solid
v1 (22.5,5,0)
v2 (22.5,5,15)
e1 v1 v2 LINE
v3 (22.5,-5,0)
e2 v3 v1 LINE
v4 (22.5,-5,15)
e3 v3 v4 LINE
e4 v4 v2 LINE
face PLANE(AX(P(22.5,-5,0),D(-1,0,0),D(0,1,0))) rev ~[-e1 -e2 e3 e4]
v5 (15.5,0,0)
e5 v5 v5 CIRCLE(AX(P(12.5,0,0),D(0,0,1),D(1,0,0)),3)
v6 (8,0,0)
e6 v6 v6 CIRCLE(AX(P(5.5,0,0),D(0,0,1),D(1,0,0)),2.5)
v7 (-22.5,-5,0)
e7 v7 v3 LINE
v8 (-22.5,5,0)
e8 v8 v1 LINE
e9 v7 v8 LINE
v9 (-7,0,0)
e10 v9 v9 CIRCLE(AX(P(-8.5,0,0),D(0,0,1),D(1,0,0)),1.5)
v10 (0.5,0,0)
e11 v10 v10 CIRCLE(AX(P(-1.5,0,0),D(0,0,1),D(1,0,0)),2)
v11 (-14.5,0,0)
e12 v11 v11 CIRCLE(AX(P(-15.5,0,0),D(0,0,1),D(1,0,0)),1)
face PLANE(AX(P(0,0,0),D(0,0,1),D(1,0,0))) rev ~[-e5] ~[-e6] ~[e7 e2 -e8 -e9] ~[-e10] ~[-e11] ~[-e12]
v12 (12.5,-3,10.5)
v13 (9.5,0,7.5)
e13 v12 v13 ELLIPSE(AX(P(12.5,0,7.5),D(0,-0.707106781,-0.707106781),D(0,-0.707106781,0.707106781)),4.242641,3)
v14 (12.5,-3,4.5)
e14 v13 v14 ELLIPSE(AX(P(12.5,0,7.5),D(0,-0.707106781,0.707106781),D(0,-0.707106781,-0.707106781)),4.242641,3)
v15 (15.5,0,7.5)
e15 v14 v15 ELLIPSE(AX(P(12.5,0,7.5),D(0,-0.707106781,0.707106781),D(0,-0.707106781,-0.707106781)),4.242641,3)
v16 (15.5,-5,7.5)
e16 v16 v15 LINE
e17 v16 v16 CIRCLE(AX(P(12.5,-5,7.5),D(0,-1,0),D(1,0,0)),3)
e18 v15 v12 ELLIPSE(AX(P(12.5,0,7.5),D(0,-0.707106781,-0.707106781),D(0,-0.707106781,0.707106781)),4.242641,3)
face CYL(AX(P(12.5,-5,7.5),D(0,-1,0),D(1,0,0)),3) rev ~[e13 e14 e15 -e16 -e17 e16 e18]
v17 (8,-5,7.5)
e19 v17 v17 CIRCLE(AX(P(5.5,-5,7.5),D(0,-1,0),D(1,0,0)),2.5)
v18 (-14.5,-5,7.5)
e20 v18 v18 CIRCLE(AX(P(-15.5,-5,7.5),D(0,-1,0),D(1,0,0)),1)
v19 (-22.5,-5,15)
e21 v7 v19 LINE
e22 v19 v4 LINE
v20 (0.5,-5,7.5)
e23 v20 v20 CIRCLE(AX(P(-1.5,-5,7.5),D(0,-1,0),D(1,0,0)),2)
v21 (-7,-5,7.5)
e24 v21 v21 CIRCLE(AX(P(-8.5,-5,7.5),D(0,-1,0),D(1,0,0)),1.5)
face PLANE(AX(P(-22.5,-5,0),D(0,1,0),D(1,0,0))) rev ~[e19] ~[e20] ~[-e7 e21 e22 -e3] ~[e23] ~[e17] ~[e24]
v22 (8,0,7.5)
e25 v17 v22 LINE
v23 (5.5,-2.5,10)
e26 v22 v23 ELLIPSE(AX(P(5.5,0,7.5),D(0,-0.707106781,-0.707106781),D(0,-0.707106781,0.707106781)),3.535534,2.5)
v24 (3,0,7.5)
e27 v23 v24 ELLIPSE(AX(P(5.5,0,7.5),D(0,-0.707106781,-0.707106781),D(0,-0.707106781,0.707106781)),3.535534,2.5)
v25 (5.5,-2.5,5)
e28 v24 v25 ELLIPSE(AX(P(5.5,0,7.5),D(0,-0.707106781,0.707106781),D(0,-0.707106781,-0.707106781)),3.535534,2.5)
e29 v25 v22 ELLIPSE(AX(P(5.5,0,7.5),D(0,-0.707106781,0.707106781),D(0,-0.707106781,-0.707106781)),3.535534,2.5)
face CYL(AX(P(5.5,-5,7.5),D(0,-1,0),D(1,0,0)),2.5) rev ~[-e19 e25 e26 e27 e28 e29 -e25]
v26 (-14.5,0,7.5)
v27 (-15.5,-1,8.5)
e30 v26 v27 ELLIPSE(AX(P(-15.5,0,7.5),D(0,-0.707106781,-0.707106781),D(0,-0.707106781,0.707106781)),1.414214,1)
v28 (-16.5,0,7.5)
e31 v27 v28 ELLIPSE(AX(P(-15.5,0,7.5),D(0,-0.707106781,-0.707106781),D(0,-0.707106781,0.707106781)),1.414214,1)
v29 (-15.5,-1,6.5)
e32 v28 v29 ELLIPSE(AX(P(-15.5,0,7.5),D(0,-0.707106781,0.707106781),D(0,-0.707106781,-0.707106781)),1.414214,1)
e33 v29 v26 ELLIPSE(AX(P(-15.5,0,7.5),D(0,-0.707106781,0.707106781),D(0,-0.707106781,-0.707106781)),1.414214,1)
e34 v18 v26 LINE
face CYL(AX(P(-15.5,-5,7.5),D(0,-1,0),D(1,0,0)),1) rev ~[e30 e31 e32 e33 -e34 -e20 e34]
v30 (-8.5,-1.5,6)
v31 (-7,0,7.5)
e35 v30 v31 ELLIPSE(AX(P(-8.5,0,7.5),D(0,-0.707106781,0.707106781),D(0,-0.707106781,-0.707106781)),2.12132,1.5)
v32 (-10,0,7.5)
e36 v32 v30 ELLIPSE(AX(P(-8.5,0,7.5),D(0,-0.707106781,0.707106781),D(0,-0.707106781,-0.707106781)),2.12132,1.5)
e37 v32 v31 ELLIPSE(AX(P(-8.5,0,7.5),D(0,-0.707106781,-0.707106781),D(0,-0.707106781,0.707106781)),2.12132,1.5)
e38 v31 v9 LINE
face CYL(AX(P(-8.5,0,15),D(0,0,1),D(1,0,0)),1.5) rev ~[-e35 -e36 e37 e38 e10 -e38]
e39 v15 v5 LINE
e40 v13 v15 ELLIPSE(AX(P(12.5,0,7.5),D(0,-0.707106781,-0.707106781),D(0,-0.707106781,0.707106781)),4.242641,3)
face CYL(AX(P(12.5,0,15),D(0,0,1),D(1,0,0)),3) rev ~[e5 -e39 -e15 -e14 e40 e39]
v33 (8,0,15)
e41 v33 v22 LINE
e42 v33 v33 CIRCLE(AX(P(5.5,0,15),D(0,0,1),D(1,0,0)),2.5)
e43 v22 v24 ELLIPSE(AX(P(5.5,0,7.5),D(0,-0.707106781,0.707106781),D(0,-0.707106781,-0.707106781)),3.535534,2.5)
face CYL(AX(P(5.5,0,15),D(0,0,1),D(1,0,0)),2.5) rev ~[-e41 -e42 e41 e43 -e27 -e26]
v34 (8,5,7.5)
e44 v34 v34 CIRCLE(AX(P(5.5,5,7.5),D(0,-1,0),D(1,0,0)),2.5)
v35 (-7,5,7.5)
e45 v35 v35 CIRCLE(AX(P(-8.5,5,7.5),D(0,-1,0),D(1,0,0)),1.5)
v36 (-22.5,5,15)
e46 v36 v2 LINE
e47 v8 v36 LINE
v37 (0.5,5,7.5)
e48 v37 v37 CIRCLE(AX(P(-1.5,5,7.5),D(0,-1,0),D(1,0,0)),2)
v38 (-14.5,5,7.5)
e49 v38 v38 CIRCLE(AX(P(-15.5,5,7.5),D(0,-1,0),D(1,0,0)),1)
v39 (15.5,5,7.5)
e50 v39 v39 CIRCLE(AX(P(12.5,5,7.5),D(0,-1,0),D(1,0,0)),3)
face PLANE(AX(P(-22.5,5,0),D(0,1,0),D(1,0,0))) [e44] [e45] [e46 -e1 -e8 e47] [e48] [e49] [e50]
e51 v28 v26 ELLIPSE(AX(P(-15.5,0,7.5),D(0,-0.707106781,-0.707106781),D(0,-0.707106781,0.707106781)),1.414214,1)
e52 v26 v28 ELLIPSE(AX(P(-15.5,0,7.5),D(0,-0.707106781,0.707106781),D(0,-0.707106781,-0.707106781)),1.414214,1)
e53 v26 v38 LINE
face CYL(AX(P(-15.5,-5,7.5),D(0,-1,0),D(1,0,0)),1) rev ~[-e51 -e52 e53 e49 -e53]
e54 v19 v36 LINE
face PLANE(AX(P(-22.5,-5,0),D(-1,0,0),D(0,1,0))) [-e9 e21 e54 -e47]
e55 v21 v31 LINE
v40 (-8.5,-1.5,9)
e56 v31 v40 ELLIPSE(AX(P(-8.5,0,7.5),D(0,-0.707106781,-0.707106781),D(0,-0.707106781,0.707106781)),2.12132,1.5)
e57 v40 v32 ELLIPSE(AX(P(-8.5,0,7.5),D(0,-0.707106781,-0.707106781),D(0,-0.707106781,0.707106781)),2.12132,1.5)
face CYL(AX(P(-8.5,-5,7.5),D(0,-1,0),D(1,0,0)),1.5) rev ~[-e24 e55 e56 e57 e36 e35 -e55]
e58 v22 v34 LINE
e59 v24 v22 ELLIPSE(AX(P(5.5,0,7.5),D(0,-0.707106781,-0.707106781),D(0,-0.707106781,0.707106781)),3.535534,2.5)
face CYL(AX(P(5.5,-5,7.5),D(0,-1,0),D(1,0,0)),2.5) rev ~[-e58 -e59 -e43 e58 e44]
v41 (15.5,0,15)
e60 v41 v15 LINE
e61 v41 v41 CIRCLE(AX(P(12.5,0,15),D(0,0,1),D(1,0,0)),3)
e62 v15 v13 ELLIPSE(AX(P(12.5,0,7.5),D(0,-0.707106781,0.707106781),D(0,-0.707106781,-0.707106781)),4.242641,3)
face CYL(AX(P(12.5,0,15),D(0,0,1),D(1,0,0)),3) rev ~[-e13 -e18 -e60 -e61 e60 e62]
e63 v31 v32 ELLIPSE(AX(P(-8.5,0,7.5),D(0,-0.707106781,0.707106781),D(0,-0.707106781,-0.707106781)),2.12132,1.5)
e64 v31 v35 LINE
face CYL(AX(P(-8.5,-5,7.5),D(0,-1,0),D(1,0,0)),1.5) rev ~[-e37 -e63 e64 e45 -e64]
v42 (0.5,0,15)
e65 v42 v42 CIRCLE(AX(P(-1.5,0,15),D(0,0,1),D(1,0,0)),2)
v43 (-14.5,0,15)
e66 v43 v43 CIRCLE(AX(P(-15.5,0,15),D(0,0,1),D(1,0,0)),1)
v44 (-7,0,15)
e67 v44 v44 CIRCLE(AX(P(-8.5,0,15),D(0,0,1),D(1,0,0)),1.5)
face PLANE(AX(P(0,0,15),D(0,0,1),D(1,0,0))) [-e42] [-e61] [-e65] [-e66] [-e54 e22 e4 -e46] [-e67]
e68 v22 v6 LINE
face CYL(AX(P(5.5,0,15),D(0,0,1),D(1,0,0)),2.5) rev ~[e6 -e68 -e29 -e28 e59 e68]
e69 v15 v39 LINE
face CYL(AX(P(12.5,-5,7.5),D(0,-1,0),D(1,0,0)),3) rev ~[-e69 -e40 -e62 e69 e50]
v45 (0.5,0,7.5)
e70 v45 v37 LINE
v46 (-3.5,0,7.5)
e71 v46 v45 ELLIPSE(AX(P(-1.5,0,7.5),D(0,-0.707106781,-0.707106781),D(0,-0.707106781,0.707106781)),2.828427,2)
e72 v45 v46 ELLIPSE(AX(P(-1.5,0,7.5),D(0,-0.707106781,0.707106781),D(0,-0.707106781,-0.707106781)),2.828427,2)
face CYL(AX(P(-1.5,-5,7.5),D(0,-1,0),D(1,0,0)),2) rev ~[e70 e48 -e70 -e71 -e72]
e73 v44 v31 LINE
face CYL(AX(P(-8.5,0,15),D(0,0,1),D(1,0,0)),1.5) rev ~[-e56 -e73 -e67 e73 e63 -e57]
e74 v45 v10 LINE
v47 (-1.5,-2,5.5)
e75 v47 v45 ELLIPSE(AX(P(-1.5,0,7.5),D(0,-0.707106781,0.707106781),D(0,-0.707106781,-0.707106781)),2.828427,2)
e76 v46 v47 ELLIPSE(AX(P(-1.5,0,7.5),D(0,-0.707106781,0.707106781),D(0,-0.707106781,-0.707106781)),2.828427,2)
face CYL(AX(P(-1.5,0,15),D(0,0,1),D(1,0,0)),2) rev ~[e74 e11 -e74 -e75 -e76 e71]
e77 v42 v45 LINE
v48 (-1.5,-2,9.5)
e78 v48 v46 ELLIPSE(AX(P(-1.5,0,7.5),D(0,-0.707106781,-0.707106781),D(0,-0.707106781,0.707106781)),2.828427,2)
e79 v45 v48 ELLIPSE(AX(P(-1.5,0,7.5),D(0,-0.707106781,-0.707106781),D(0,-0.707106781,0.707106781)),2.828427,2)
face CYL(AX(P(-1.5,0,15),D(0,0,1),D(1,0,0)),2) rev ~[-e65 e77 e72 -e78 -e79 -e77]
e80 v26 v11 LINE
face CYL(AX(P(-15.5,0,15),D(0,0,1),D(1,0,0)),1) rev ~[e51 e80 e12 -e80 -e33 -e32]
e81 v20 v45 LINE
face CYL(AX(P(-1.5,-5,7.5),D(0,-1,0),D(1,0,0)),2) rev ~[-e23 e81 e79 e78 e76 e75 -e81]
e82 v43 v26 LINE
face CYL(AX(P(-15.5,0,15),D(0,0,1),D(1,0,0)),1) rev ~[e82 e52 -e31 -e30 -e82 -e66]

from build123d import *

# Parameters (mm, degrees)
F0_W     = 45
F0_H     = 10
F1_DEPTH = 15
F2_R     = 1
F2_R_2   = 1.5
F2_R_3   = 2
F2_R_4   = 2.5
F2_R_5   = 3
F3_DEPTH = 10
F4_R     = 1
F4_R_2   = 1.5
F4_R_3   = 2
F4_R_4   = 2.5
F4_R_5   = 3
F5_DEPTH = 15


with BuildPart() as f1:
    # F0 (on Top) → F1 (new body)
    with BuildSketch(Plane.XY):
        Rectangle(F0_W, F0_H)
    extrude(amount=F1_DEPTH)

    # F2 (on face) → F3 (cut, through all)
    with BuildSketch(Plane.XZ.offset(5)):
        with Locations((-15.5, 7.5)):
            Circle(F2_R)
        with Locations((-8.5, 7.5)):
            Circle(F2_R_2)
        with Locations((-1.5, 7.5)):
            Circle(F2_R_3)
        with Locations((5.5, 7.5)):
            Circle(F2_R_4)
        with Locations((12.5, 7.5)):
            Circle(F2_R_5)
    extrude(amount=-F3_DEPTH, mode=Mode.SUBTRACT)

    # F4 (on face) → F5 (cut, through all)
    with BuildSketch(Plane.XY.offset(15)):
        with Locations((-15.5, 0)):
            Circle(F4_R)
        with Locations((-8.5, 0)):
            Circle(F4_R_2)
        with Locations((-1.5, 0)):
            Circle(F4_R_3)
        with Locations((5.5, 0)):
            Circle(F4_R_4)
        with Locations((12.5, 0)):
            Circle(F4_R_5)
    extrude(amount=-F5_DEPTH, mode=Mode.SUBTRACT)


solid = f1.part
